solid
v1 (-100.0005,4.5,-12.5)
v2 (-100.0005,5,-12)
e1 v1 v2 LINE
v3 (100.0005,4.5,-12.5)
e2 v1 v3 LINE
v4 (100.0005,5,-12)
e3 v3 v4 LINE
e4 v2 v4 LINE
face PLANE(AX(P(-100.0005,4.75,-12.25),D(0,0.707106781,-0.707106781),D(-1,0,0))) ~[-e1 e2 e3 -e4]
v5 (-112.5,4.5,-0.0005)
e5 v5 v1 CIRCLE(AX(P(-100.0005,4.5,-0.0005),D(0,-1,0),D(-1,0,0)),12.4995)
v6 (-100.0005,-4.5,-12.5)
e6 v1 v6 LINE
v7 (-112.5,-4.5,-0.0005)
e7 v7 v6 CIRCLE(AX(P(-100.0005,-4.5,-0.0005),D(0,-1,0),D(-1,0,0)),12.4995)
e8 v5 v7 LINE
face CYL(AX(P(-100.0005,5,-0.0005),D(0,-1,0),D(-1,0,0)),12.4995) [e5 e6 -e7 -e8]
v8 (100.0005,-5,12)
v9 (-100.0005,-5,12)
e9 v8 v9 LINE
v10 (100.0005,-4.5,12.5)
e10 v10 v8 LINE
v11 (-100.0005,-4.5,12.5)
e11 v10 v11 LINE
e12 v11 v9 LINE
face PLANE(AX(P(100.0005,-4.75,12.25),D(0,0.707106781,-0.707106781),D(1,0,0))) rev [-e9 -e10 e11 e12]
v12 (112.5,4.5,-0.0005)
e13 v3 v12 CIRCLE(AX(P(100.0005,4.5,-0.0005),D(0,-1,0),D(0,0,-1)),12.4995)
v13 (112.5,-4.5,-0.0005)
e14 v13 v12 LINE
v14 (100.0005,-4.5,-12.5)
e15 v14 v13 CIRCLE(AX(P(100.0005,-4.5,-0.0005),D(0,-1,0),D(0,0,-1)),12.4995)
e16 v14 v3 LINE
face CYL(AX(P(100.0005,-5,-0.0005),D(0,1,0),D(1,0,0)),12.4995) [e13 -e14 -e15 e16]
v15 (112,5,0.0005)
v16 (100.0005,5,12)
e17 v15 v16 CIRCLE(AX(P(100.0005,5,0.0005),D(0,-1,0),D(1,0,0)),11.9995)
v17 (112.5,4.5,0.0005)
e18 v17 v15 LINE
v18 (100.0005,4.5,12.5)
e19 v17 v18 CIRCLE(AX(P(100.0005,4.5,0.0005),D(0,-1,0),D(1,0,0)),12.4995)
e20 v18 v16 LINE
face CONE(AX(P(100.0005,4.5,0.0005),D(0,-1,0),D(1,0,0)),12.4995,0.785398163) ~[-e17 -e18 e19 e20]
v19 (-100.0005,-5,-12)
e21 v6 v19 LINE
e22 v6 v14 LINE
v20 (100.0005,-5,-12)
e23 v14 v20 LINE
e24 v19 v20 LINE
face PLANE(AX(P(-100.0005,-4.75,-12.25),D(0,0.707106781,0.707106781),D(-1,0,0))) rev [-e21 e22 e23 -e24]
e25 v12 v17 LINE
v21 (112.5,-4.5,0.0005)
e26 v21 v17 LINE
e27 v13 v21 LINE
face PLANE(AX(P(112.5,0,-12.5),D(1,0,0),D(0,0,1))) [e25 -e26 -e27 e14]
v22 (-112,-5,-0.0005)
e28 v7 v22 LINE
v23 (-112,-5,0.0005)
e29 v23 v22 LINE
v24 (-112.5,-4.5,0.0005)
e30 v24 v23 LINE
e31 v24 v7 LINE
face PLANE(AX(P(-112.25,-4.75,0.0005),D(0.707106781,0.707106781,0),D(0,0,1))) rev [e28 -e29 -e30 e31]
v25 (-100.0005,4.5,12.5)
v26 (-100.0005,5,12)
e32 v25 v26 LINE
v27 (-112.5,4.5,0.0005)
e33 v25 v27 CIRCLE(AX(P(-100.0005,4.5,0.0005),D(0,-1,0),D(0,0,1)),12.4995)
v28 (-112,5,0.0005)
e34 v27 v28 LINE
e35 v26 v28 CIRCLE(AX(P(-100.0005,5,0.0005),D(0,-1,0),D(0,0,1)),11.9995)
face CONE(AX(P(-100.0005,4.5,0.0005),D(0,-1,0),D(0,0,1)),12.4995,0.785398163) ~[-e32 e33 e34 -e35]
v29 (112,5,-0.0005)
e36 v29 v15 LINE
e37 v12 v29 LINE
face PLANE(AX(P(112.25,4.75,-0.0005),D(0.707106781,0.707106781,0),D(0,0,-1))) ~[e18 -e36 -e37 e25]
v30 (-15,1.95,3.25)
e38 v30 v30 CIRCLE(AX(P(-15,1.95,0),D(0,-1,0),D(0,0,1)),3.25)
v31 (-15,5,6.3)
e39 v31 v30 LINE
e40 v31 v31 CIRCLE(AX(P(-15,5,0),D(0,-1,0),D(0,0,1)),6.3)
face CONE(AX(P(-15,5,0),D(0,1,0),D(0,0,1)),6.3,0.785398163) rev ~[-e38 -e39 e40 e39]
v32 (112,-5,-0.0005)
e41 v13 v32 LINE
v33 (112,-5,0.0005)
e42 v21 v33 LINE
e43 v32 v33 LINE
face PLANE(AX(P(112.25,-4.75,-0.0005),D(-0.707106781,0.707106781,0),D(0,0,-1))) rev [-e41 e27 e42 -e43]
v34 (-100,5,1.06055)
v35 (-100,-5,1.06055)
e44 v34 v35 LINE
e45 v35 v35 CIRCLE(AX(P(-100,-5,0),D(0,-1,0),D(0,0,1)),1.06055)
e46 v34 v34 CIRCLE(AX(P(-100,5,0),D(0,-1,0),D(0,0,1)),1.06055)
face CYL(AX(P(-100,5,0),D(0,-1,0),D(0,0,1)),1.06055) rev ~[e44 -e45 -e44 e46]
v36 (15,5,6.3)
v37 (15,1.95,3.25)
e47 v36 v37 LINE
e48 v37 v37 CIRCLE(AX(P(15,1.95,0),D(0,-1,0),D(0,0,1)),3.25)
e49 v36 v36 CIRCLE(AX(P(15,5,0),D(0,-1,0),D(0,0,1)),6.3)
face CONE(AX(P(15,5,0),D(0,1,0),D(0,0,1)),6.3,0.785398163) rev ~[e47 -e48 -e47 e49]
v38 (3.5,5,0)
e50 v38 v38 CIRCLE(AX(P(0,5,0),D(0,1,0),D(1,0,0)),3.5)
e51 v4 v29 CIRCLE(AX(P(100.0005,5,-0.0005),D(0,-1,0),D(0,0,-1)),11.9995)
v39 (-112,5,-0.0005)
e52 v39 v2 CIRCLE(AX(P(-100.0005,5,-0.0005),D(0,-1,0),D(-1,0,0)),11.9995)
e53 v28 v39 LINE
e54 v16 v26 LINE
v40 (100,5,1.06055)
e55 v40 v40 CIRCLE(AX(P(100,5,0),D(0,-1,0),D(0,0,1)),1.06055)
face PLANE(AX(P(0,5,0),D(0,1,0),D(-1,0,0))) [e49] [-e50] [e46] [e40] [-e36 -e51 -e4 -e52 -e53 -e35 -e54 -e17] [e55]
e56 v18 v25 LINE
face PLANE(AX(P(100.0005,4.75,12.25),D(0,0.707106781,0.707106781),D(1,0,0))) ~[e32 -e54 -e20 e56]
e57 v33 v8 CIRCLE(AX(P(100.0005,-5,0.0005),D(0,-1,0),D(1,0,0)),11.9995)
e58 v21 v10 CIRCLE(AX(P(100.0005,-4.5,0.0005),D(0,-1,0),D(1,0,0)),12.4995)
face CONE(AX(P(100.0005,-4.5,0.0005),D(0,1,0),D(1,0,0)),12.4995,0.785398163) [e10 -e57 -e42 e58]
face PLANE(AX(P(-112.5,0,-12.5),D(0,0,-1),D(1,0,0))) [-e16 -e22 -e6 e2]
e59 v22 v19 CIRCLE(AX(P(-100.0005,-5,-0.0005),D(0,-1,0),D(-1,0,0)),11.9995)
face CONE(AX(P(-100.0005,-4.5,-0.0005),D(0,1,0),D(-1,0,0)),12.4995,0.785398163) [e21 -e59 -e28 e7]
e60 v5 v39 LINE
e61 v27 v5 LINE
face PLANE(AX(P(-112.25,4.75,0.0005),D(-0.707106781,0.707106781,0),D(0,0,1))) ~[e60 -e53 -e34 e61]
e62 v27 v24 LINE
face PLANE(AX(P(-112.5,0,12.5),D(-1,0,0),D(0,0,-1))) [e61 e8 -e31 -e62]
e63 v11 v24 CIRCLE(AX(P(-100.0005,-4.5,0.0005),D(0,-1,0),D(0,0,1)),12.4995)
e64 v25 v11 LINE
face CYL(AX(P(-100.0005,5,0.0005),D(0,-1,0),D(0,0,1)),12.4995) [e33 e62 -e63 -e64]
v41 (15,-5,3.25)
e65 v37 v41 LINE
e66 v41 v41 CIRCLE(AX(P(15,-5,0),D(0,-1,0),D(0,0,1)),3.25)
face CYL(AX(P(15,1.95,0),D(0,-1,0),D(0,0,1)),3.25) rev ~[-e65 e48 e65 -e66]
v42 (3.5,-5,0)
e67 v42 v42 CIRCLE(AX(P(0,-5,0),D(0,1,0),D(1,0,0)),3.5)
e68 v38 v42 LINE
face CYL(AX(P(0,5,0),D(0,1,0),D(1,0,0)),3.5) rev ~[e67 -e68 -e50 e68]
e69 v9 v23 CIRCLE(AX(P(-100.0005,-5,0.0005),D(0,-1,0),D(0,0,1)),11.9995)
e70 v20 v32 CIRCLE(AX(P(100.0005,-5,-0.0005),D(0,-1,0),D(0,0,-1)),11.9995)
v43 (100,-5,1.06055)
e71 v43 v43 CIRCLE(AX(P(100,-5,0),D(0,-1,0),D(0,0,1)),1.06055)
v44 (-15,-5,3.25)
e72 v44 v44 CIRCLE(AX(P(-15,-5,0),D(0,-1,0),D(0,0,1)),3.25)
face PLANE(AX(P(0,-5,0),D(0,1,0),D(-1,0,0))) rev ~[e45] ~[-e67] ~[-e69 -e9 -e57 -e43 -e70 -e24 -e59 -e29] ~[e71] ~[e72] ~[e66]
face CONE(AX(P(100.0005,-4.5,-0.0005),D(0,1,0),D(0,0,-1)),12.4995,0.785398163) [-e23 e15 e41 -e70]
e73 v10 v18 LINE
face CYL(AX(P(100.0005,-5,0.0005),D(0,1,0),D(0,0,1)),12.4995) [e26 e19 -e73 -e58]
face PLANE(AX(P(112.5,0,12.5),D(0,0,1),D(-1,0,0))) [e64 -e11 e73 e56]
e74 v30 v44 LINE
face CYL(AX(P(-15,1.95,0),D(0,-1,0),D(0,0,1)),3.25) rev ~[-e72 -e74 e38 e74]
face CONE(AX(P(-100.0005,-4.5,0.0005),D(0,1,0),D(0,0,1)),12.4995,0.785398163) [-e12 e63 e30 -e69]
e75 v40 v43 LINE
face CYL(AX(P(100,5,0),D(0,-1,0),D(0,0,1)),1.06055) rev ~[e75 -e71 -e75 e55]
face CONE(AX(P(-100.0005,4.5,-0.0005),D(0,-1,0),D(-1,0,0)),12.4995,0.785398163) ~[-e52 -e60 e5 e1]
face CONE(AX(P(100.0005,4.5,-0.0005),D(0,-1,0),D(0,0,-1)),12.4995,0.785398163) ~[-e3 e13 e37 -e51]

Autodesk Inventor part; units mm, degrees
ref_plane "YZ Plane" through (0, 0, 0) normal (1, 0, 0) x (0, 1, 0)
ref_plane "XZ Plane" through (0, 0, 0) normal (0, 1, 0) x (-1, 0, 0)
ref_plane "XY Plane" through (0, 0, 0) normal (0, 0, 1) x (1, 0, 0)
sketch "Sketch1" plane through (0, 0, 0) normal (0, 1, 0) x (-1, 0, 0)
  line L0 (-112.5, 12.5) -> (112.5, 12.5)
  line L1 (112.5, 12.5) -> (112.5, -12.5)
  line L2 (112.5, -12.5) -> (-112.5, -12.5)
  line L3 (-112.5, -12.5) -> (-112.5, 12.5)
  line L4 (-112.5, 12.5) -> (112.5, -12.5) construction
  line L5 (112.5, 12.5) -> (-112.5, -12.5) construction
  point P0 (0, 0)
  dimension "Length" = 225
  dimension "Width" = 25
extrude "Extrusion1" add sketch "Sketch1" along normal mid plane 10
sketch "Sketch2" plane through (0, 5, 0) normal (0, 1, 0) x (1, 0, 0)
  circle A0 centre (0, 0) radius 3.5
  dimension "d4" = 7
extrude "Extrusion2" cut sketch "Sketch2" against normal up to surface (10 mm away)
sketch "Sketch3" plane through (0, 5, 0) normal (0, 1, 0) x (1, 0, 0)
  circle A0 centre (0, 0) radius 3.5 projected
  point P0 (-15, 0)
  point P1 (15, 0)
  dimension "d7" = 30
  dimension "d8" = 15
hole "Hole1" at (-15, 5, 0) at (15, 5, 0) direction (0, -1, 0) diameter 6.5 end through all countersink diameter 12.6 countersink angle 90
sketch "Sketch4" plane through (0, 5, 0) normal (0, 1, 0) x (1, 0, 0)
  point P0 (0, 0)
  point P1 (-100, 0)
  point P2 (100, 0)
  dimension "d16" = 200
  dimension "d17" = 100
hole "Hole2" at (-100, 5, 0) at (100, 5, 0) direction (0, -1, 0) diameter 2.1211 end through all thread size "M2.5x0.35" class "6H" standard "ISO Metric profile"
fillet "Fillet1" radius 12.5 4 edges at (112.5, 0, 12.5) (112.5, 0, -12.5) (-112.5, 0, 12.5) (-112.5, 0, -12.5)
chamfer "Chamfer1" distance 0.5 angle 45 8 edges at (0, 5, 12.5) (108.839, 5, 8.839) (0, 5, -12.5) (-108.839, 5, 8.839) (0, -5, 12.5) (-108.839, -5, 8.839) (0, -5, -12.5) (108.839, -5, 8.839)
equation "\"d8\" = 0.5 * d7"
equation "\"d17\" = 0.5 * d16"
properties part number "Brass Plate" material "Brass, Soft Yellow"
